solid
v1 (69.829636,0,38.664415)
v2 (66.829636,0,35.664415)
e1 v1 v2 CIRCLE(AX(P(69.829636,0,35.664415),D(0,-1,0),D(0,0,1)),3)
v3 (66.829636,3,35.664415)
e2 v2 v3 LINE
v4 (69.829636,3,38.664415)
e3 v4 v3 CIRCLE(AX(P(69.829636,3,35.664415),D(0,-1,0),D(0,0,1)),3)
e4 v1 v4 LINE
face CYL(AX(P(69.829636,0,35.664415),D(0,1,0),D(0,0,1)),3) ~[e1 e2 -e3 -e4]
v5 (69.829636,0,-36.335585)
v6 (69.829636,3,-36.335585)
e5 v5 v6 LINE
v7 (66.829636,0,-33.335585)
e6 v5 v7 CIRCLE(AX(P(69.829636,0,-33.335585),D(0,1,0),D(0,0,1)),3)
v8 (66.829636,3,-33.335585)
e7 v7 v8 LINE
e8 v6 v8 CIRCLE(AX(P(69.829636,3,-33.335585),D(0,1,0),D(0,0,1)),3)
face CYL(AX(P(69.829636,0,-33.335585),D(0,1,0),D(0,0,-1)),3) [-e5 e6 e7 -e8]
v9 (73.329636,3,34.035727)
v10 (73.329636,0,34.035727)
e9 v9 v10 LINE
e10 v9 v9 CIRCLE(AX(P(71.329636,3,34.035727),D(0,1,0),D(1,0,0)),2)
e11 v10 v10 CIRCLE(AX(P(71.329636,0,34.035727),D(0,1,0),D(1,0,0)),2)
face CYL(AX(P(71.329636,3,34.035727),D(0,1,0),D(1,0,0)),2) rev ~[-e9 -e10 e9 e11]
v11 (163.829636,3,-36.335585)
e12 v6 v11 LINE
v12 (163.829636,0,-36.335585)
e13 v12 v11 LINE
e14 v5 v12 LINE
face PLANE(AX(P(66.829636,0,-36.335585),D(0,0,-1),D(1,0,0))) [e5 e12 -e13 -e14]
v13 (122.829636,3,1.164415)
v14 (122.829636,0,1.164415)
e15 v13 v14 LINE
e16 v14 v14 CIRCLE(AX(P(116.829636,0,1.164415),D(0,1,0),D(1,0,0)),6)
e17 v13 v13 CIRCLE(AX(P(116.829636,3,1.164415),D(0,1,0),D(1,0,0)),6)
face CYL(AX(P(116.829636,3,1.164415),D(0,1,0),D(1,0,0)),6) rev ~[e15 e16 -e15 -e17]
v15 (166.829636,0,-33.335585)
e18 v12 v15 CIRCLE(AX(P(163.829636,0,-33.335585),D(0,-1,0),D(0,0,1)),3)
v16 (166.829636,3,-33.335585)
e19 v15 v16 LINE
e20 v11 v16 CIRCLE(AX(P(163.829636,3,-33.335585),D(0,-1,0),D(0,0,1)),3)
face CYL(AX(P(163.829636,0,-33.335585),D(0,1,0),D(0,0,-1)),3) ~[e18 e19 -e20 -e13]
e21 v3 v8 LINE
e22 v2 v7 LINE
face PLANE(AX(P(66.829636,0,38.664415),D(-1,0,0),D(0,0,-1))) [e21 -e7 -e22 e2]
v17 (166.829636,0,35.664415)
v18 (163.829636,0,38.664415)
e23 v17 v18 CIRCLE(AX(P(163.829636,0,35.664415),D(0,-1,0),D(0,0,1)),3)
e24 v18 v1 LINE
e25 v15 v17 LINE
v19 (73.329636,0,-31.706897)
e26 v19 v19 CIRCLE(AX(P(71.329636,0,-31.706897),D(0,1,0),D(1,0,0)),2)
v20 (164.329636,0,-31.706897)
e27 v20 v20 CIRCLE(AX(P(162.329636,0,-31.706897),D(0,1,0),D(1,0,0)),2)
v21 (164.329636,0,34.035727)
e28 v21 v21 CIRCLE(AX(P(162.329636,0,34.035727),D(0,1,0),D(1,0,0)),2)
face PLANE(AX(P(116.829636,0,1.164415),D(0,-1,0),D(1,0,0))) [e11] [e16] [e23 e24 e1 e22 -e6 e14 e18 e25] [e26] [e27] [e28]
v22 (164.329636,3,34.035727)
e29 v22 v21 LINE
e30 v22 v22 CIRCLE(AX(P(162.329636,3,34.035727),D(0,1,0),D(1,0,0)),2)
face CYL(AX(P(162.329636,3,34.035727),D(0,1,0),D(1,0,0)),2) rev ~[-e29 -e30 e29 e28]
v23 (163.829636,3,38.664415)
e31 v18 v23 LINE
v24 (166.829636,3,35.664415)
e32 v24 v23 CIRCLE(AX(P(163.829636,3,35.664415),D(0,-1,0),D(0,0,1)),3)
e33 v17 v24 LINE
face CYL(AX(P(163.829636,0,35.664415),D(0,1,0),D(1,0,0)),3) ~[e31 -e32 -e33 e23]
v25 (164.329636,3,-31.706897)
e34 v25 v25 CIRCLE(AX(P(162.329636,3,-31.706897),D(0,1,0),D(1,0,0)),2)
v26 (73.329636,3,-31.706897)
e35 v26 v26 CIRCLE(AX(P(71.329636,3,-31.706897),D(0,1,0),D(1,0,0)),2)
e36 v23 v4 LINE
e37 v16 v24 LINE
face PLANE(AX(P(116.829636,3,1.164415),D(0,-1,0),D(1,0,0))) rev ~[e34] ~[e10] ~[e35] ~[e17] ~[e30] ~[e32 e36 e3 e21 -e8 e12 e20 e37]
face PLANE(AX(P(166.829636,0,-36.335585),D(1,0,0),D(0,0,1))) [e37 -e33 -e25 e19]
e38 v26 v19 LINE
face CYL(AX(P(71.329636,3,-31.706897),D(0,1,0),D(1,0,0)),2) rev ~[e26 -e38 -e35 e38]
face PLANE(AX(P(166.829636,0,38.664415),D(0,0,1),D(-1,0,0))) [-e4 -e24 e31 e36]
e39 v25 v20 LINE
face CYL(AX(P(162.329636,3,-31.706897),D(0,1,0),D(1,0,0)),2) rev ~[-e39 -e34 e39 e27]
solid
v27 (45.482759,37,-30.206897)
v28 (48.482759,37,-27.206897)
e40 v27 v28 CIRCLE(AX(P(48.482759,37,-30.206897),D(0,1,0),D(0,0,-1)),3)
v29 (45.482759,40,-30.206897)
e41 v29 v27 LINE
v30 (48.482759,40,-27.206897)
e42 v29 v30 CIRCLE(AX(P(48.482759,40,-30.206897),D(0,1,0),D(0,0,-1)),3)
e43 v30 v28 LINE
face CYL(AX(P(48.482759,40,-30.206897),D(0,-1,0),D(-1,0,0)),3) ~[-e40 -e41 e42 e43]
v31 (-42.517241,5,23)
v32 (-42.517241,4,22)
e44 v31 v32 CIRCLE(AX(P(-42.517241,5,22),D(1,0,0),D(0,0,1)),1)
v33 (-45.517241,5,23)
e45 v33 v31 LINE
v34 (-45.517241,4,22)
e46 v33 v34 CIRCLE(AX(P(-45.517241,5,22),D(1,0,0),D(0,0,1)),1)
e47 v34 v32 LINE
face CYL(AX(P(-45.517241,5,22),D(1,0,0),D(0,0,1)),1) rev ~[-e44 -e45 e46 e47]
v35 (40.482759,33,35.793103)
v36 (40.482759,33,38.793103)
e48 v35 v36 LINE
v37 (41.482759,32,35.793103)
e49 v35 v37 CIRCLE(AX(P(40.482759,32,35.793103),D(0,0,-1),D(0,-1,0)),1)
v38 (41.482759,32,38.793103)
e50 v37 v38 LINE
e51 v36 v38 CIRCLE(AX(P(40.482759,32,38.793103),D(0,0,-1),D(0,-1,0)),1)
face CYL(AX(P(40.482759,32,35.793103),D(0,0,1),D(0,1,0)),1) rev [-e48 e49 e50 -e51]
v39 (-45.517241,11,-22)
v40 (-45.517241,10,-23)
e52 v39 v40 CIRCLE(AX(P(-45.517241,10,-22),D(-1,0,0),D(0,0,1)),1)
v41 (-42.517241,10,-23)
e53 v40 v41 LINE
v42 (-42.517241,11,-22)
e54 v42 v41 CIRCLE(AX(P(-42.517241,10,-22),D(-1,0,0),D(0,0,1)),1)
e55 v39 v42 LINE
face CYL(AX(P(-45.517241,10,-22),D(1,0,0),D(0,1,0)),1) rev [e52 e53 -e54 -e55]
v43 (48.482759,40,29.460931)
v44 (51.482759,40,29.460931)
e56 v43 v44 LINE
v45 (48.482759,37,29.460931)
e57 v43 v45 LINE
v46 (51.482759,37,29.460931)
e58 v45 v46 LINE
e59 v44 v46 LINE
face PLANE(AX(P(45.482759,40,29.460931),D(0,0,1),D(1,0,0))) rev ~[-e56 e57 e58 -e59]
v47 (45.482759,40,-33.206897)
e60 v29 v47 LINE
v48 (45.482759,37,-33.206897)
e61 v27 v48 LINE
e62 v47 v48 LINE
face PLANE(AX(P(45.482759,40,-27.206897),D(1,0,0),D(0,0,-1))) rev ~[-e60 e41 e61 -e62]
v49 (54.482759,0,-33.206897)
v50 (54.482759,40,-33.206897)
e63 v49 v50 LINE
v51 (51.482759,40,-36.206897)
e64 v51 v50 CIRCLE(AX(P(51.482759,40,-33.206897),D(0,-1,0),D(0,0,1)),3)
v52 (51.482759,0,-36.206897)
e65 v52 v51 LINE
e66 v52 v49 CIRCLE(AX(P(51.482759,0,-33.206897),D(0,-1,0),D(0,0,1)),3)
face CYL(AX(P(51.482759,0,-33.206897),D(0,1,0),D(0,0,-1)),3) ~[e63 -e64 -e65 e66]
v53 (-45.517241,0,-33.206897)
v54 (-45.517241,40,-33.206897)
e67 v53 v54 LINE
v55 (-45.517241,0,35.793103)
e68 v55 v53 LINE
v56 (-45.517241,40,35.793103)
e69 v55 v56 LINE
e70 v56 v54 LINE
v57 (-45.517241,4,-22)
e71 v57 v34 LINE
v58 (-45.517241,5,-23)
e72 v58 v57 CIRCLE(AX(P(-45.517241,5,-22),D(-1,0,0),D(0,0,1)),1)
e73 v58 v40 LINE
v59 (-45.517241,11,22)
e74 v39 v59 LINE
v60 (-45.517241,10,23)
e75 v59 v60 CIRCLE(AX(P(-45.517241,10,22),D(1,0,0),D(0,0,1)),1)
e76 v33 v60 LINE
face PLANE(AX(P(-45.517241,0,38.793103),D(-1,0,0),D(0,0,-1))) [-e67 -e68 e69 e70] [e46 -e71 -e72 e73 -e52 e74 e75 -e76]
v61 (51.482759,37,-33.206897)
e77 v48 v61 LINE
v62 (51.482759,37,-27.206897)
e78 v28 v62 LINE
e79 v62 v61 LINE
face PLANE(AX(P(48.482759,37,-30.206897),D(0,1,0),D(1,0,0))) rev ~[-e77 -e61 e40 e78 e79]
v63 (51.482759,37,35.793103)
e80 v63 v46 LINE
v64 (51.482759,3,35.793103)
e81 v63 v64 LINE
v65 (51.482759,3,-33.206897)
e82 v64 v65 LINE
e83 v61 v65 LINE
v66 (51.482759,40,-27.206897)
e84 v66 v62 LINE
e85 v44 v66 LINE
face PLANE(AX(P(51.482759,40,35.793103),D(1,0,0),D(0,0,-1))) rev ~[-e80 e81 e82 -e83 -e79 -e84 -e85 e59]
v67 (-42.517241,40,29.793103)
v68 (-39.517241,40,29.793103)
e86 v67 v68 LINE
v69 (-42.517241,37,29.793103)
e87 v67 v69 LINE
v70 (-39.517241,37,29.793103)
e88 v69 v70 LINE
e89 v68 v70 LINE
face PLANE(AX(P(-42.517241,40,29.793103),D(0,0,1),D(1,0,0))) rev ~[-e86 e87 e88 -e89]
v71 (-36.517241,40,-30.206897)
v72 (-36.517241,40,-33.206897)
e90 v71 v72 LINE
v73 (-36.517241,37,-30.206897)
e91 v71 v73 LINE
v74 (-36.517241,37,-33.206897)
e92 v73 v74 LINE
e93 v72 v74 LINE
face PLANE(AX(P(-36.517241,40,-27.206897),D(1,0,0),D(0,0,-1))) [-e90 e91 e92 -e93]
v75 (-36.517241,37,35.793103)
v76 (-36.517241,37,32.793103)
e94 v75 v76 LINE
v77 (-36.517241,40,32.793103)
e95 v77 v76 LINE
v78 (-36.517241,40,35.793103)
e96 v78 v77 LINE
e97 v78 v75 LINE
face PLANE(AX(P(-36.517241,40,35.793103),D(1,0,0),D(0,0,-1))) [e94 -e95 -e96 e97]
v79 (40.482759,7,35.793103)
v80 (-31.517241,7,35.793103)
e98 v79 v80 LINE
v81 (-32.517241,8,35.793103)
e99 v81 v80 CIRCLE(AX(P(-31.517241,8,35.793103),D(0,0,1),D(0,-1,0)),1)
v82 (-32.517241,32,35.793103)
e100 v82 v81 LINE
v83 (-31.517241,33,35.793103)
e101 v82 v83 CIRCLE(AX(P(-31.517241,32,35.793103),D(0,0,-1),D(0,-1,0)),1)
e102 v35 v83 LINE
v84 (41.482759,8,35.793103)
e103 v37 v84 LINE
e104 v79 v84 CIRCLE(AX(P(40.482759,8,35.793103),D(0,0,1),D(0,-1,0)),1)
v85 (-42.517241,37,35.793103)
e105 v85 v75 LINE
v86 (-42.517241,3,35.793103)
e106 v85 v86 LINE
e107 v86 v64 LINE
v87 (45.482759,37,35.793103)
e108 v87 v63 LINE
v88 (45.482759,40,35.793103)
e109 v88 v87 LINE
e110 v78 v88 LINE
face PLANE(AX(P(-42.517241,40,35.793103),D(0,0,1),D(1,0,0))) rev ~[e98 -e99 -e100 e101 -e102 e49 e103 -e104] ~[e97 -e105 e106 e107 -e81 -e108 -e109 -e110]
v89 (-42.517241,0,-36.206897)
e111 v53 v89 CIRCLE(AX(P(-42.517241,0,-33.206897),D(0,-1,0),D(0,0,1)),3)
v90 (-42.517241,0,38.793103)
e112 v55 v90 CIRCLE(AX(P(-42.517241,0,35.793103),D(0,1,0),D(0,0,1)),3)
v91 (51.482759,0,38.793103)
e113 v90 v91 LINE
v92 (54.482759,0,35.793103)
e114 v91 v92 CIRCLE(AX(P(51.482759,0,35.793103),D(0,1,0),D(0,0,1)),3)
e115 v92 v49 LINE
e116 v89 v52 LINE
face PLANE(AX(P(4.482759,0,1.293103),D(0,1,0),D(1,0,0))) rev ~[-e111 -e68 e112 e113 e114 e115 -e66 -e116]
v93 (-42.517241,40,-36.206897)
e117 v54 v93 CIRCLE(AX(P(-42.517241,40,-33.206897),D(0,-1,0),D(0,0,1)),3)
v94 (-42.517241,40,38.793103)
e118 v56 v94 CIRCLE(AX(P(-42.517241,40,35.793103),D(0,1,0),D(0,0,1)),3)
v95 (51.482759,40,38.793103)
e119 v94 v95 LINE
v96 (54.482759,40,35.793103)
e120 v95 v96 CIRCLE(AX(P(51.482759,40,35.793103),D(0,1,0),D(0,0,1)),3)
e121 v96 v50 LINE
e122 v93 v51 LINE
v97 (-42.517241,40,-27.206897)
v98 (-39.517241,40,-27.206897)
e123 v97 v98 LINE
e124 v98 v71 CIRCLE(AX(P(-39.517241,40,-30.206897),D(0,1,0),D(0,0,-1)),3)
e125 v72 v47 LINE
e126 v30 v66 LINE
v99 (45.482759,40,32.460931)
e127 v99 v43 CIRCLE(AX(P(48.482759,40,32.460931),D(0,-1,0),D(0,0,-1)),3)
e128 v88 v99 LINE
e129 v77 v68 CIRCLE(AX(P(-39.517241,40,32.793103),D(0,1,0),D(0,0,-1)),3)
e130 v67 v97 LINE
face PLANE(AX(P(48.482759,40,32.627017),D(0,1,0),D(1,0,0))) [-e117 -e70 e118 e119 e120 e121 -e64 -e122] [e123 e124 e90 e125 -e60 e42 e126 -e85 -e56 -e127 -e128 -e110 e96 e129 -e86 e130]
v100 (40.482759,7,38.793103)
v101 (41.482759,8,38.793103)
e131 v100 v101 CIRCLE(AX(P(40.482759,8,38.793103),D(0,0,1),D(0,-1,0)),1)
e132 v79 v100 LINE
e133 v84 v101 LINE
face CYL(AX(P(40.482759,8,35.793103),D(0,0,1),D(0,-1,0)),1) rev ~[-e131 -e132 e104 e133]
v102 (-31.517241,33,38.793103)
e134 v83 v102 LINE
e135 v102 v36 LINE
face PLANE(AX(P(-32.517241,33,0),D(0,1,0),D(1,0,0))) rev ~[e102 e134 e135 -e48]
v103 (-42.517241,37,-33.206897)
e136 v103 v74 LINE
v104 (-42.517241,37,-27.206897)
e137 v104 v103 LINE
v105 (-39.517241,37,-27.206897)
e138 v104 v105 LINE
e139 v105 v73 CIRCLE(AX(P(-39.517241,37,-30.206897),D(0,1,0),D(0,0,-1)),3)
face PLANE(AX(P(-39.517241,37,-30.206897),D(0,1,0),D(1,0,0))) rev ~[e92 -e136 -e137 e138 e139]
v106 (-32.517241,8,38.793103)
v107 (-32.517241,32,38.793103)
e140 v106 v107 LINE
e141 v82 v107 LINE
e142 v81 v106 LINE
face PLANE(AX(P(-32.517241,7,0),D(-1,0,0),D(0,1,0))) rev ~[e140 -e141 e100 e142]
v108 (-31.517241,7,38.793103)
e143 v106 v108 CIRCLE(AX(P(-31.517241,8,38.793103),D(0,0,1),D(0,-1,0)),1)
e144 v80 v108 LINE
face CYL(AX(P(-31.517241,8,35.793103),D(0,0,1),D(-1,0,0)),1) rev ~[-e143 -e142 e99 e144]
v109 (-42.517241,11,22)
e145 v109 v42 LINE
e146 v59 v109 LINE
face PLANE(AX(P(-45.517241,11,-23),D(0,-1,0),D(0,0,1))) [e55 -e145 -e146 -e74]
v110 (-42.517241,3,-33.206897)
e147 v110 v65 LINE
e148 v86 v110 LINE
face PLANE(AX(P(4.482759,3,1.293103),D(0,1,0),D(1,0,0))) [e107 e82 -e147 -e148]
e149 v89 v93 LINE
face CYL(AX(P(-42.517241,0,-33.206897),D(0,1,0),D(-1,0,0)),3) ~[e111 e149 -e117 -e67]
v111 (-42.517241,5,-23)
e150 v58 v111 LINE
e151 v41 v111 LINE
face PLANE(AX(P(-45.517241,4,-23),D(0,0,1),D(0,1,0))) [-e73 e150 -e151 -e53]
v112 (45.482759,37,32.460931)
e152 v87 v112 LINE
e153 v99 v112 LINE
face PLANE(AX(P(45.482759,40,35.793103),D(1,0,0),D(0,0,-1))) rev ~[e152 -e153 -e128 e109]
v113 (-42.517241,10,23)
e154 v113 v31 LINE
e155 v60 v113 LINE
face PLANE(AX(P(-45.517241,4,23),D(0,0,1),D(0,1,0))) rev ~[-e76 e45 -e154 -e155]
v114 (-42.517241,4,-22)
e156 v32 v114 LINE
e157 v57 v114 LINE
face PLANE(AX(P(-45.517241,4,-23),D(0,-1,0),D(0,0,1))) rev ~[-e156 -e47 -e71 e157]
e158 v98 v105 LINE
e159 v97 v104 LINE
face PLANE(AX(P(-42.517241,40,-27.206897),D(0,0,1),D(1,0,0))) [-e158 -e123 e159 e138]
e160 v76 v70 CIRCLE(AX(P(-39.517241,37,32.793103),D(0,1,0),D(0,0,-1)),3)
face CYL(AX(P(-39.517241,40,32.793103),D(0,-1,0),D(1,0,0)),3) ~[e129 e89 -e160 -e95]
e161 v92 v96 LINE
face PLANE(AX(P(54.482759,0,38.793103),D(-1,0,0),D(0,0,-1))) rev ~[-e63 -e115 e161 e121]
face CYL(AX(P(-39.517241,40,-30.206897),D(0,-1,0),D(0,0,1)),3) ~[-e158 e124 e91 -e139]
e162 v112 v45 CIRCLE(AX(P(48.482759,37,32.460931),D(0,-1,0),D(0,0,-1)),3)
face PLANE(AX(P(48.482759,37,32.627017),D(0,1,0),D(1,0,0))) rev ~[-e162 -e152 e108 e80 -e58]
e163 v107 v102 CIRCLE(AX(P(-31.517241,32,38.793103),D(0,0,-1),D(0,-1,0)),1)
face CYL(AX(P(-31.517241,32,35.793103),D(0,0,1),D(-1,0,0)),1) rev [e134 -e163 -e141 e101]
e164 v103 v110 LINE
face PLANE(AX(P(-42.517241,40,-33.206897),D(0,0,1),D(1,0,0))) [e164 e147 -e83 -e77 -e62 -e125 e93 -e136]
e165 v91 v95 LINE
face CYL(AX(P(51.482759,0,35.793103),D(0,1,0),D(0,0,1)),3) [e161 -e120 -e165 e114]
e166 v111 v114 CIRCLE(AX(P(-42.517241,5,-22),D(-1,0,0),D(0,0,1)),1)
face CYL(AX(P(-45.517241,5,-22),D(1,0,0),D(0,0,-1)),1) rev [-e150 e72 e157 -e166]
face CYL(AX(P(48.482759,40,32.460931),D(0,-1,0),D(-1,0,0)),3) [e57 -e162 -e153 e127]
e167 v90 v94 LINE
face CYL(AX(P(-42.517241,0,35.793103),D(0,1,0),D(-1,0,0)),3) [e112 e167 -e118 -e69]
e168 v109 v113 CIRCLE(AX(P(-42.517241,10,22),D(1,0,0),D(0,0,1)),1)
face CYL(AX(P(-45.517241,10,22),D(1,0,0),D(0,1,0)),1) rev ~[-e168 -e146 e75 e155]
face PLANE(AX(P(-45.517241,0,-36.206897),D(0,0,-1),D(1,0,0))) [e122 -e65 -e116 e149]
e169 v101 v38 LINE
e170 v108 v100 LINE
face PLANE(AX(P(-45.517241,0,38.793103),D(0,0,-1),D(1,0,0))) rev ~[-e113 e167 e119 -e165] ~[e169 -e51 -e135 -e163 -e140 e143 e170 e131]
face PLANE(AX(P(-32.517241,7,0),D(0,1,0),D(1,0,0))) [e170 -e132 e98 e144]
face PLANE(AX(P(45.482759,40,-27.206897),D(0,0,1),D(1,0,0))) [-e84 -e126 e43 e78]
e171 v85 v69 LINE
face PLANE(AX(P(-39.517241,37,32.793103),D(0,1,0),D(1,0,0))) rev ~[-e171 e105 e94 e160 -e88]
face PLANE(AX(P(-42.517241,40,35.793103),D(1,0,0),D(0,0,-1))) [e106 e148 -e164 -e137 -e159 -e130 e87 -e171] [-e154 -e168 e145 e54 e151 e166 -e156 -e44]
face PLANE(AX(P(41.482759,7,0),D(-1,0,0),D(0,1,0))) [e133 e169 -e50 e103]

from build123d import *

# Parameters (mm, degrees)
IZIM2_W                     = 100
IZIM2_H                     = 75
Y_KSEKLIK_EKSTR_ZYON1_DEPTH = 40
IZIM4_W                     = 94
IZIM4_H                     = 69
KES_EKSTR_ZYON1_DEPTH       = 37
IZIM6_W                     = 74
IZIM6_H                     = 26
KES_EKSTR_ZYON2_DEPTH       = 218
IZIM7_W                     = 46
IZIM7_H                     = 7
KES_EKSTR_ZYON3_DEPTH       = 30
RADYUS1_R                   = 3
IZIM9_W                     = 6
IZIM9_H                     = 6
Y_KSEKLIK_EKSTR_ZYON2_DEPTH = 3
RADYUS2_R                   = 3
IZIM11_W                    = 6
IZIM11_H                    = 6
Y_KSEKLIK_EKSTR_ZYON3_DEPTH = 3
RADYUS3_R                   = 3
IZIM12_W                    = 6
IZIM12_H                    = 6
Y_KSEKLIK_EKSTR_ZYON4_DEPTH = 3
IZIM13_W                    = 6
IZIM13_H                    = 6.332172704
Y_KSEKLIK_EKSTR_ZYON5_DEPTH = 3
RADYUS4_R                   = 3
RADYUS5_R                   = 1
RADYUS7_R                   = 1
Y_KSEKLIK_EKSTR_ZYON6_DEPTH = 3
RADYUS10_R                  = 3
IZIM16_R                    = 6
KES_EKSTR_ZYON4_DEPTH       = 31
KES_EKSTR_ZYON4_DEPTH_BACK  = 34
IZIM17_R                    = 2
KES_EKSTR_ZYON5_DEPTH       = 20


with BuildPart() as part:
    # Çizim2 → Yükseklik-Ekstrüzyon1 (new body)
    with BuildSketch(Plane(origin=(0, 0, 0), x_dir=(1, 0, 0), z_dir=(0, 1, 0))):
        with Locations((4.482758621, -1.293103448)):
            Rectangle(IZIM2_W, IZIM2_H)
    extrude(amount=Y_KSEKLIK_EKSTR_ZYON1_DEPTH)

    # Çizim4 → Kes-Ekstrüzyon1 (cut)
    with BuildSketch(Plane(origin=(0, 40, 0), x_dir=(1, 0, 0), z_dir=(0, 1, 0))):
        with Locations((4.482758621, -1.293103448)):
            Rectangle(IZIM4_W, IZIM4_H)
    extrude(amount=-KES_EKSTR_ZYON1_DEPTH, mode=Mode.SUBTRACT)

    # Çizim6 → Kes-Ekstrüzyon2 (cut)
    with BuildSketch(Plane.XY):
        with Locations((4.482758621, 20)):
            Rectangle(IZIM6_W, IZIM6_H)
    extrude(amount=KES_EKSTR_ZYON2_DEPTH, mode=Mode.SUBTRACT)

    # Çizim7 → Kes-Ekstrüzyon3 (cut)
    with BuildSketch(Plane.ZY.offset(45.517241379)):
        with Locations((0, 7.5)):
            Rectangle(IZIM7_W, IZIM7_H)
    extrude(amount=-KES_EKSTR_ZYON3_DEPTH, mode=Mode.SUBTRACT)

    # Radyus1
    radyus1_edges = [part.edges().sort_by_distance(p)[0] for p in [
        (-45.517241379, 20, -36.206896552),
        (54.482758621, 20, -36.206896552),
        (54.482758621, 20, 38.793103448),
        (-45.517241379, 20, 38.793103448),
    ]]
    fillet(radyus1_edges, radius=RADYUS1_R)

    # Çizim9 → Yükseklik-Ekstrüzyon2 (add)
    with BuildSketch(Plane(origin=(0, 40, 0), x_dir=(1, 0, 0), z_dir=(0, 1, 0))):
        with Locations((-39.517241379, 30.206896552)):
            Rectangle(IZIM9_W, IZIM9_H)
    extrude(amount=-Y_KSEKLIK_EKSTR_ZYON2_DEPTH)

    # Radyus2
    radyus2_edges = [part.edges().sort_by_distance(p)[0] for p in [
        (-36.517241379, 38.5, -27.206896552),
    ]]
    fillet(radyus2_edges, radius=RADYUS2_R)

    # Çizim11 → Yükseklik-Ekstrüzyon3 (add)
    with BuildSketch(Plane(origin=(0, 40, 0), x_dir=(1, 0, 0), z_dir=(0, 1, 0))):
        with Locations((48.482758621, 30.206896552)):
            Rectangle(IZIM11_W, IZIM11_H)
    extrude(amount=-Y_KSEKLIK_EKSTR_ZYON3_DEPTH)

    # Radyus3
    radyus3_edges = [part.edges().sort_by_distance(p)[0] for p in [
        (45.482758621, 38.5, -27.206896552),
    ]]
    fillet(radyus3_edges, radius=RADYUS3_R)

    # Çizim12 → Yükseklik-Ekstrüzyon4 (add)
    with BuildSketch(Plane(origin=(0, 40, 0), x_dir=(1, 0, 0), z_dir=(0, 1, 0))):
        with Locations((-39.517241379, -32.793103448)):
            Rectangle(IZIM12_W, IZIM12_H)
    extrude(amount=-Y_KSEKLIK_EKSTR_ZYON4_DEPTH)

    # Çizim13 → Yükseklik-Ekstrüzyon5 (add)
    with BuildSketch(Plane(origin=(0, 40, 0), x_dir=(1, 0, 0), z_dir=(0, 1, 0))):
        with Locations((48.482758621, -32.627017096)):
            Rectangle(IZIM13_W, IZIM13_H)
    extrude(amount=-Y_KSEKLIK_EKSTR_ZYON5_DEPTH)

    # Radyus4
    radyus4_edges = [part.edges().sort_by_distance(p)[0] for p in [
        (-36.517241379, 38.5, 29.793103448),
        (45.482758621, 38.5, 29.460930744),
    ]]
    fillet(radyus4_edges, radius=RADYUS4_R)

    # Radyus5
    radyus5_edges = [part.edges().sort_by_distance(p)[0] for p in [
        (-44.017241379, 4, -23),
        (-44.017241379, 11, -23),
        (-44.017241379, 11, 23),
        (-44.017241379, 4, 23),
    ]]
    fillet(radyus5_edges, radius=RADYUS5_R)

    # Radyus7
    radyus7_edges = [part.edges().sort_by_distance(p)[0] for p in [
        (-32.517241379, 33, 37.293103448),
        (-32.517241379, 7, 37.293103448),
        (41.482758621, 7, 37.293103448),
        (41.482758621, 33, 37.293103448),
    ]]
    fillet(radyus7_edges, radius=RADYUS7_R)


with BuildPart() as body_2:
    # Çizim15 → Yükseklik-Ekstrüzyon6 (new body)
    with BuildSketch(Plane.XZ):
        Polygon((66.829636108, 35.664414978), (66.829636108, -36.335585022), (166.829636108, -36.335585022), (166.829636108, 38.664414978), (66.829636108, 38.664414978), align=None)
    extrude(amount=-Y_KSEKLIK_EKSTR_ZYON6_DEPTH)

    # Radyus10
    radyus10_edges = [body_2.edges().sort_by_distance(p)[0] for p in [
        (66.829636108, 1.5, 38.664414978),
        (166.829636108, 1.5, 38.664414978),
        (166.829636108, 1.5, -36.335585022),
        (66.829636108, 1.5, -36.335585022),
    ]]
    fillet(radyus10_edges, radius=RADYUS10_R)

    # Çizim16 → Kes-Ekstrüzyon4 (cut, two sides)
    with BuildSketch(Plane(origin=(0, 3, 0), x_dir=(1, 0, 0), z_dir=(0, 1, 0))) as kes_ekstr_zyon4_sk:
        with Locations((116.829636108, -1.164414978)):
            Circle(IZIM16_R)
    extrude(amount=KES_EKSTR_ZYON4_DEPTH, mode=Mode.SUBTRACT)
    extrude(kes_ekstr_zyon4_sk.sketch, amount=-KES_EKSTR_ZYON4_DEPTH_BACK, mode=Mode.SUBTRACT)

    # Çizim17 → Kes-Ekstrüzyon5 (cut)
    with BuildSketch(Plane(origin=(0, 3, 0), x_dir=(1, 0, 0), z_dir=(0, 1, 0))):
        with Locations((162.329636108, -34.035726507)):
            Circle(IZIM17_R)
        with Locations((71.329636108, -34.035726507)):
            Circle(IZIM17_R)
        with Locations((71.329636108, 31.706896552)):
            Circle(IZIM17_R)
        with Locations((162.329636108, 31.706896552)):
            Circle(IZIM17_R)
    extrude(amount=-KES_EKSTR_ZYON5_DEPTH, mode=Mode.SUBTRACT)


solid = Compound([part.part, body_2.part])
